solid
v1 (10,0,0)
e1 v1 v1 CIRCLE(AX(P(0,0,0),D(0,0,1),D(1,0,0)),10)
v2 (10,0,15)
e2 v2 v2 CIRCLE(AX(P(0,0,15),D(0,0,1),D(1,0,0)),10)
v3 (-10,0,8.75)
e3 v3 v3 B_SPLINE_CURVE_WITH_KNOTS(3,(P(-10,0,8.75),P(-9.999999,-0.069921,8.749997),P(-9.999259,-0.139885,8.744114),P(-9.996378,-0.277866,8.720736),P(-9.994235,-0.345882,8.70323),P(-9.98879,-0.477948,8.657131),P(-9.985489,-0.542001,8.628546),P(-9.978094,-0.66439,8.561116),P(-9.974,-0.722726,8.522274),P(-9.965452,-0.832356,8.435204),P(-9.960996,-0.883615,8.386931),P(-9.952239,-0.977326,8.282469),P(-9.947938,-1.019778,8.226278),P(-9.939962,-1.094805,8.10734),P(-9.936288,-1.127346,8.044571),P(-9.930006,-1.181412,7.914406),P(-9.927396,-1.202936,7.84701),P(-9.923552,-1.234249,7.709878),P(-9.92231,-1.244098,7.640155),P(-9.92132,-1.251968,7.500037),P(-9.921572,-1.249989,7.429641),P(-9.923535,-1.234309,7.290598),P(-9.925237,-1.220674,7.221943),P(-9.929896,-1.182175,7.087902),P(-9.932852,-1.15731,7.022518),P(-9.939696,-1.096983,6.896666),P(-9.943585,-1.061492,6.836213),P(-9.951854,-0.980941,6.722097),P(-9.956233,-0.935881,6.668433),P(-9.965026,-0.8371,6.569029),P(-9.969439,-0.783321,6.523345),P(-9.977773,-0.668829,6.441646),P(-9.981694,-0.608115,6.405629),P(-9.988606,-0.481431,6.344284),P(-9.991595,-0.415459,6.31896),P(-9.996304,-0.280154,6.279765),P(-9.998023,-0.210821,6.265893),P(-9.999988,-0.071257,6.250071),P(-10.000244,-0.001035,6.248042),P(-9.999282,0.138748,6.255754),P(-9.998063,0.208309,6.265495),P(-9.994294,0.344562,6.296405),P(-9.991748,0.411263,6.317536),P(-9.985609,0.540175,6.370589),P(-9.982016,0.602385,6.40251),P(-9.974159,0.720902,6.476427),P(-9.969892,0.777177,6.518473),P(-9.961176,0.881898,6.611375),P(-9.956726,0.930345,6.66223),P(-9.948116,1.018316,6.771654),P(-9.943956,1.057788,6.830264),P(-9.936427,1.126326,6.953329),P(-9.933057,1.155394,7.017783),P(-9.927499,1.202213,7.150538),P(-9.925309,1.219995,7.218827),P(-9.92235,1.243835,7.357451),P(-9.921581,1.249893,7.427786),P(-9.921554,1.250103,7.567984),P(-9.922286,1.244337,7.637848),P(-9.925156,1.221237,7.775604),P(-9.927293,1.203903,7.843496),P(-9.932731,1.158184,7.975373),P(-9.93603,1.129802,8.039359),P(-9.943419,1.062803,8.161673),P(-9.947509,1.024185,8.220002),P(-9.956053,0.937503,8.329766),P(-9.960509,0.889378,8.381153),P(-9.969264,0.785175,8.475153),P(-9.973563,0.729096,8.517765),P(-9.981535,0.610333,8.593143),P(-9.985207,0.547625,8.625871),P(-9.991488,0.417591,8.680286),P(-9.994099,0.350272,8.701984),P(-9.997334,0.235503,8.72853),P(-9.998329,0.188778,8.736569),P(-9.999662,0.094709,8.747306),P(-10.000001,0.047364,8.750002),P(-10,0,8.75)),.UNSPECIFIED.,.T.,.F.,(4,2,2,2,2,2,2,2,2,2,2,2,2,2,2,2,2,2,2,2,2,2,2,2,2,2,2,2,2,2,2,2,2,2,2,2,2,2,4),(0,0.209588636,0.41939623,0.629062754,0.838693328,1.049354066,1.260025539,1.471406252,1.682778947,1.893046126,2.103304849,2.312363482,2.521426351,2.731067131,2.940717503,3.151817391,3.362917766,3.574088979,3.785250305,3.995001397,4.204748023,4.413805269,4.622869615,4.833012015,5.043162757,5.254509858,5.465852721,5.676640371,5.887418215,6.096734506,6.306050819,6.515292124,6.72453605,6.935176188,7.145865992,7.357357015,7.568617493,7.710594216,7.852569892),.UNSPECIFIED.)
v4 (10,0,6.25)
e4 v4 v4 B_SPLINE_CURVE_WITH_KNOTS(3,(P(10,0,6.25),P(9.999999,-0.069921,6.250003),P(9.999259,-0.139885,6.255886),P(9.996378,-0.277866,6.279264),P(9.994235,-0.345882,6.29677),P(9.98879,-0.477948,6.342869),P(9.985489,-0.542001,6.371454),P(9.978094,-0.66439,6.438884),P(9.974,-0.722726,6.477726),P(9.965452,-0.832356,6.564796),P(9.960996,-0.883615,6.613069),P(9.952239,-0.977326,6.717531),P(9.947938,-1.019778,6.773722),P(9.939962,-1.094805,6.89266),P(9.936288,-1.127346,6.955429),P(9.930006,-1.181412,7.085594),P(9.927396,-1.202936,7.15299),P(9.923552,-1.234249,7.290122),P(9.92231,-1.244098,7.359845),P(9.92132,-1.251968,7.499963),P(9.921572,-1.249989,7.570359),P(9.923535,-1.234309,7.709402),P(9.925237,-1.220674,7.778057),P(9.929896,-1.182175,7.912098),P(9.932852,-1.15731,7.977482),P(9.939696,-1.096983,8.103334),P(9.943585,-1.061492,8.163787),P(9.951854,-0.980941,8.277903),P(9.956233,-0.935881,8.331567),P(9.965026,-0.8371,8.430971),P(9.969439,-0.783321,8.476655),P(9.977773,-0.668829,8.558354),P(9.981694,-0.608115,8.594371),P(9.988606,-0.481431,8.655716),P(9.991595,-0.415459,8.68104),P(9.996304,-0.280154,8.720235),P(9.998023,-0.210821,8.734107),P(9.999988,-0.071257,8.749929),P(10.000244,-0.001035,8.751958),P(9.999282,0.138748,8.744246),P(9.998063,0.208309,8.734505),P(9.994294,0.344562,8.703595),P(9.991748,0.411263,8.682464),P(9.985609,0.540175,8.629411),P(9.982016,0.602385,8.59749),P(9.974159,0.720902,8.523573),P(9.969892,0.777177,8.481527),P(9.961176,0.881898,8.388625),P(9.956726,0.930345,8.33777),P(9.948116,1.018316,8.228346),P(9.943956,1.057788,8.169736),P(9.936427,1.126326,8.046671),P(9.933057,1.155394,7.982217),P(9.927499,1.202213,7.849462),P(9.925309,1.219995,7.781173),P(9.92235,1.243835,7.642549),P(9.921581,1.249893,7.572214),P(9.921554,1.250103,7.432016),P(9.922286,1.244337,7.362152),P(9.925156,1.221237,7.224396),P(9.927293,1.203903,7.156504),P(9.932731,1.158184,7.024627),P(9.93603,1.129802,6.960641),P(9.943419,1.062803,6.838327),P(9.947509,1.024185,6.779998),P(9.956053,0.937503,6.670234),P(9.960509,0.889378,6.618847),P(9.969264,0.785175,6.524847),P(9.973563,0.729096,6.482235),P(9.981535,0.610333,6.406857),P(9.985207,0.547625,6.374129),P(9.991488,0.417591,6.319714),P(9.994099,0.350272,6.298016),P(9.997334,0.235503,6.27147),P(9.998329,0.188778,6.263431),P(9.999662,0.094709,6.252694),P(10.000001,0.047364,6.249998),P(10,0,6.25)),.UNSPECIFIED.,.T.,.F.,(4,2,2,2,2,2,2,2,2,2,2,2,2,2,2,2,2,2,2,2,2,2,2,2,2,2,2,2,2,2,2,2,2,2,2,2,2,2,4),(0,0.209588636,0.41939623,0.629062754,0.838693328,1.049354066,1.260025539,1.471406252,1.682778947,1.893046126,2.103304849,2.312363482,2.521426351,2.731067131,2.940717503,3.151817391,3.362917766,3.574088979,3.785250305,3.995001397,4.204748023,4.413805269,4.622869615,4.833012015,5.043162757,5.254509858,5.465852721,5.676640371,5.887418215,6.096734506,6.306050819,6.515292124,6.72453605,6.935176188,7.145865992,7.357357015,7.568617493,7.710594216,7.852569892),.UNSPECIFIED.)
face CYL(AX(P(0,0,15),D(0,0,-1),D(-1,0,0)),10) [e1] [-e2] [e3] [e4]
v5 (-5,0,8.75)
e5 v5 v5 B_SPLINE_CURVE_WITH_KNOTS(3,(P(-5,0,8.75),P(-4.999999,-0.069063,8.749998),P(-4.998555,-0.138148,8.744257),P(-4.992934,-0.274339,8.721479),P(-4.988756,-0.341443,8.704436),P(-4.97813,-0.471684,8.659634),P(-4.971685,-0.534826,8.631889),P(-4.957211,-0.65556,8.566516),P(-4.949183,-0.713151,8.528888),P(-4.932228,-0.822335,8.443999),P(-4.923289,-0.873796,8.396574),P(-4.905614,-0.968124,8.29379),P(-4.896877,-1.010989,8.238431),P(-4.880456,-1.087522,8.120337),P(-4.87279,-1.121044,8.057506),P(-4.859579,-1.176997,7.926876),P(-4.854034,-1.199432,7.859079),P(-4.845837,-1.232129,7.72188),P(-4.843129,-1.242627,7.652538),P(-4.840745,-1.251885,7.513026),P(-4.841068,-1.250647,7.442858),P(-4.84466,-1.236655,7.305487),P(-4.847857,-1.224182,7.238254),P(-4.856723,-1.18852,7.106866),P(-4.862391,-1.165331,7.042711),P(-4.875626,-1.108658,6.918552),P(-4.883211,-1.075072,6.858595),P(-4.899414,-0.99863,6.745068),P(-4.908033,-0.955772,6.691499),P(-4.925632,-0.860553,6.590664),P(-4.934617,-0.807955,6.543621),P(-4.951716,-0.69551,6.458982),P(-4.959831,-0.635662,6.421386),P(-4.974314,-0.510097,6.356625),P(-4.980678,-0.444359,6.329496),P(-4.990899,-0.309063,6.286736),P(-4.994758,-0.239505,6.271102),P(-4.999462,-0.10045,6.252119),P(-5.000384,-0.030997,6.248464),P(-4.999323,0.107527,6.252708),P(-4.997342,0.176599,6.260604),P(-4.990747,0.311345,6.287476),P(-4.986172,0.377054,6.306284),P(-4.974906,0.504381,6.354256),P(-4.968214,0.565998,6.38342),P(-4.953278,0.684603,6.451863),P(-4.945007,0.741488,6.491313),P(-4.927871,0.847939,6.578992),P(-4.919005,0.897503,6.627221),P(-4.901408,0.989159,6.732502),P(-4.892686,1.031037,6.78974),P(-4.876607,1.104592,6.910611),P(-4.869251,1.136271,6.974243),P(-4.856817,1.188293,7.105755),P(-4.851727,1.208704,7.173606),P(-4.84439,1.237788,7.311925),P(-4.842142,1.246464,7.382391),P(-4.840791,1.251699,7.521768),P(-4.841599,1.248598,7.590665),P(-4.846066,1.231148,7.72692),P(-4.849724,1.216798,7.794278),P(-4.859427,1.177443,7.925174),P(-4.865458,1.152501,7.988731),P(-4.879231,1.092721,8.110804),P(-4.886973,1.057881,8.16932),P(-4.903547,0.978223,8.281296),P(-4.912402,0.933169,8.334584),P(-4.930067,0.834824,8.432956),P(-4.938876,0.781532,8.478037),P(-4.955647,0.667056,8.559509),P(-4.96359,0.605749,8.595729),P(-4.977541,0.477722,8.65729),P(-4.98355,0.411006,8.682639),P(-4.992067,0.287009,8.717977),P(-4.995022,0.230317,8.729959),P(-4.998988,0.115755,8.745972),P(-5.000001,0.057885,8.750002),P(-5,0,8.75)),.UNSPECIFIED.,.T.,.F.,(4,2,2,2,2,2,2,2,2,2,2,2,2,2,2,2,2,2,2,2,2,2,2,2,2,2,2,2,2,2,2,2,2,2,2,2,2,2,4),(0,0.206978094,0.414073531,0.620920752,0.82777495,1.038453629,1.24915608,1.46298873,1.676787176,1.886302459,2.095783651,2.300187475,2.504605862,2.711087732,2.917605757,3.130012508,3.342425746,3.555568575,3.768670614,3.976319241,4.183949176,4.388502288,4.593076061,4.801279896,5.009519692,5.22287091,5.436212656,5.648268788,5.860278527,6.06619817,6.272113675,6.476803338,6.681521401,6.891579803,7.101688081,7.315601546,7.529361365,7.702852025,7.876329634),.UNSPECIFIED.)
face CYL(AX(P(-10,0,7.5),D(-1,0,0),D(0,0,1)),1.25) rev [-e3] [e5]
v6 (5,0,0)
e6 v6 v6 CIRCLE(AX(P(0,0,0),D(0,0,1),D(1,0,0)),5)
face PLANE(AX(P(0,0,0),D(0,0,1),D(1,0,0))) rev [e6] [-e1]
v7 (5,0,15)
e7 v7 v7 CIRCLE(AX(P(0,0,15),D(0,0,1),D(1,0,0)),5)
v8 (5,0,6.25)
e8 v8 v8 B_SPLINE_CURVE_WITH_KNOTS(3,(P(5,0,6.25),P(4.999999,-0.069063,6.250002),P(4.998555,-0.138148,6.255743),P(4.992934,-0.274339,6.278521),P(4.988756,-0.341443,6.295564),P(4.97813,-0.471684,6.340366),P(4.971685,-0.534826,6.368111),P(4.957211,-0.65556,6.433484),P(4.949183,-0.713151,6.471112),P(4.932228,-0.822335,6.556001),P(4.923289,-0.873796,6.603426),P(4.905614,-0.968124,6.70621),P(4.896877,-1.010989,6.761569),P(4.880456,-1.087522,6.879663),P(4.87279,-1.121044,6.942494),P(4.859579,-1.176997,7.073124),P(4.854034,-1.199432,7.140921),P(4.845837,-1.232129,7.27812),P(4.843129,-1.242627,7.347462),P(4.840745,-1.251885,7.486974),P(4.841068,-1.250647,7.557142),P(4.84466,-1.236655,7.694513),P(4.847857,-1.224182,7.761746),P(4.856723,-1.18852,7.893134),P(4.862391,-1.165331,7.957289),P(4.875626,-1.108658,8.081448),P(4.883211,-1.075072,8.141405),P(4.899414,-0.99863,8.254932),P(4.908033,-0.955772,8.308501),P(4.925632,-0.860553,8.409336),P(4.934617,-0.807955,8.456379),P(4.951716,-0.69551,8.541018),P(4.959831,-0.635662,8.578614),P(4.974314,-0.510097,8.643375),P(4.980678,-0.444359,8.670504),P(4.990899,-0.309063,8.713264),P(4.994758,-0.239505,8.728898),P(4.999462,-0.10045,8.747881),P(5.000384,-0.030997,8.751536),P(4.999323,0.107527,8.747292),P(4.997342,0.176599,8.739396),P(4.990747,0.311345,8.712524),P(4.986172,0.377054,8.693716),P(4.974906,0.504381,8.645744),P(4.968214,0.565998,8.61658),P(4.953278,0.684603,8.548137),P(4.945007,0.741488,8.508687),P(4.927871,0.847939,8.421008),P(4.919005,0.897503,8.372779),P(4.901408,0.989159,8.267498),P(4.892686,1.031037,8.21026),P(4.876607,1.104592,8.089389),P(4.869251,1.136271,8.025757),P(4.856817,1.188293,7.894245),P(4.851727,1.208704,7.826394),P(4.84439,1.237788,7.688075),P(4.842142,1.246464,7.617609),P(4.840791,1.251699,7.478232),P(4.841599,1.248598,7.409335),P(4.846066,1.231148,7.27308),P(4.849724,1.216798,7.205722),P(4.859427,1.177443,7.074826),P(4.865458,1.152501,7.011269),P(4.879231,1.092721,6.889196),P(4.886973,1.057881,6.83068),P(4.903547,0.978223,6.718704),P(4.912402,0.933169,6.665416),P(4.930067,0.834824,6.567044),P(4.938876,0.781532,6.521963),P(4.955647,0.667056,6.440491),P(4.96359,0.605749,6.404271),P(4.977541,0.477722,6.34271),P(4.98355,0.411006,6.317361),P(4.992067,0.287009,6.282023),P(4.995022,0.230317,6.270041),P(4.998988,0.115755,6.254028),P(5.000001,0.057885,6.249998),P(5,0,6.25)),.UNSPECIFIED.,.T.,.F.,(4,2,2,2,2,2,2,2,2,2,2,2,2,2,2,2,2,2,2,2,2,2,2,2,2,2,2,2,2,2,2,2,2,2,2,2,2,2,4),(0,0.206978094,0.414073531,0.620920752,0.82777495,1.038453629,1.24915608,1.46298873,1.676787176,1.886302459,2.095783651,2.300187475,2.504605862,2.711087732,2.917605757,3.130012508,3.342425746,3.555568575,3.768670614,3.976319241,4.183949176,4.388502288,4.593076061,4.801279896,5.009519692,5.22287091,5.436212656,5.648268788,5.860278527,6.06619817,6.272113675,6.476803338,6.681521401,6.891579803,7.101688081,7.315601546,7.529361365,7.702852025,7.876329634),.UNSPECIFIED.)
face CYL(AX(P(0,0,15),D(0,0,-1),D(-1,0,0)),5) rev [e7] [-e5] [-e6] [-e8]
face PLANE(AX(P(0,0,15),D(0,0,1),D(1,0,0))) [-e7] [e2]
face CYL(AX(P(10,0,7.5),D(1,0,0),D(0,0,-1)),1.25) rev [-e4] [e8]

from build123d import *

# Parameters (mm, degrees)
ESQUISSE1_R           = 10
ESQUISSE1_R_2         = 5
BOSS_EXTRU_1_DEPTH    = 15
TROU_TARAUD_M31_D     = 2.5
TROU_TARAUD_M31_DEPTH = 8.5
TROU_TARAUD_M31_TIP   = 0.751075774
TROU_TARAUD_M32_D     = 2.5
TROU_TARAUD_M32_DEPTH = 8.5
TROU_TARAUD_M32_TIP   = 0.751075774


with BuildPart() as part:
    # Esquisse1 → Boss.-Extru.1 (new body)
    with BuildSketch(Plane.XY):
        Circle(ESQUISSE1_R)
        Circle(ESQUISSE1_R_2, mode=Mode.SUBTRACT)
    extrude(amount=BOSS_EXTRU_1_DEPTH)

    # Trou taraudé M31
    with Locations(Plane(origin=(10, 0, 0), x_dir=(0, 0, -1), z_dir=(1, 0, 0))):
        with Locations((-7.5, 0)):
            Hole(TROU_TARAUD_M31_D / 2, depth=TROU_TARAUD_M31_DEPTH)
            with Locations((0, 0, -(TROU_TARAUD_M31_DEPTH + TROU_TARAUD_M31_TIP / 2))):  # 118° drill point
                Cone(0, TROU_TARAUD_M31_D / 2, TROU_TARAUD_M31_TIP, mode=Mode.SUBTRACT)

    # Trou taraudé M32
    with Locations(Plane(origin=(-10, 0, 0), x_dir=(0, 0, -1), z_dir=(-1, 0, 0))):
        with Locations((-7.5, 0)):
            Hole(TROU_TARAUD_M32_D / 2, depth=TROU_TARAUD_M32_DEPTH)
            with Locations((0, 0, -(TROU_TARAUD_M32_DEPTH + TROU_TARAUD_M32_TIP / 2))):  # 118° drill point
                Cone(0, TROU_TARAUD_M32_D / 2, TROU_TARAUD_M32_TIP, mode=Mode.SUBTRACT)


solid = part.part
